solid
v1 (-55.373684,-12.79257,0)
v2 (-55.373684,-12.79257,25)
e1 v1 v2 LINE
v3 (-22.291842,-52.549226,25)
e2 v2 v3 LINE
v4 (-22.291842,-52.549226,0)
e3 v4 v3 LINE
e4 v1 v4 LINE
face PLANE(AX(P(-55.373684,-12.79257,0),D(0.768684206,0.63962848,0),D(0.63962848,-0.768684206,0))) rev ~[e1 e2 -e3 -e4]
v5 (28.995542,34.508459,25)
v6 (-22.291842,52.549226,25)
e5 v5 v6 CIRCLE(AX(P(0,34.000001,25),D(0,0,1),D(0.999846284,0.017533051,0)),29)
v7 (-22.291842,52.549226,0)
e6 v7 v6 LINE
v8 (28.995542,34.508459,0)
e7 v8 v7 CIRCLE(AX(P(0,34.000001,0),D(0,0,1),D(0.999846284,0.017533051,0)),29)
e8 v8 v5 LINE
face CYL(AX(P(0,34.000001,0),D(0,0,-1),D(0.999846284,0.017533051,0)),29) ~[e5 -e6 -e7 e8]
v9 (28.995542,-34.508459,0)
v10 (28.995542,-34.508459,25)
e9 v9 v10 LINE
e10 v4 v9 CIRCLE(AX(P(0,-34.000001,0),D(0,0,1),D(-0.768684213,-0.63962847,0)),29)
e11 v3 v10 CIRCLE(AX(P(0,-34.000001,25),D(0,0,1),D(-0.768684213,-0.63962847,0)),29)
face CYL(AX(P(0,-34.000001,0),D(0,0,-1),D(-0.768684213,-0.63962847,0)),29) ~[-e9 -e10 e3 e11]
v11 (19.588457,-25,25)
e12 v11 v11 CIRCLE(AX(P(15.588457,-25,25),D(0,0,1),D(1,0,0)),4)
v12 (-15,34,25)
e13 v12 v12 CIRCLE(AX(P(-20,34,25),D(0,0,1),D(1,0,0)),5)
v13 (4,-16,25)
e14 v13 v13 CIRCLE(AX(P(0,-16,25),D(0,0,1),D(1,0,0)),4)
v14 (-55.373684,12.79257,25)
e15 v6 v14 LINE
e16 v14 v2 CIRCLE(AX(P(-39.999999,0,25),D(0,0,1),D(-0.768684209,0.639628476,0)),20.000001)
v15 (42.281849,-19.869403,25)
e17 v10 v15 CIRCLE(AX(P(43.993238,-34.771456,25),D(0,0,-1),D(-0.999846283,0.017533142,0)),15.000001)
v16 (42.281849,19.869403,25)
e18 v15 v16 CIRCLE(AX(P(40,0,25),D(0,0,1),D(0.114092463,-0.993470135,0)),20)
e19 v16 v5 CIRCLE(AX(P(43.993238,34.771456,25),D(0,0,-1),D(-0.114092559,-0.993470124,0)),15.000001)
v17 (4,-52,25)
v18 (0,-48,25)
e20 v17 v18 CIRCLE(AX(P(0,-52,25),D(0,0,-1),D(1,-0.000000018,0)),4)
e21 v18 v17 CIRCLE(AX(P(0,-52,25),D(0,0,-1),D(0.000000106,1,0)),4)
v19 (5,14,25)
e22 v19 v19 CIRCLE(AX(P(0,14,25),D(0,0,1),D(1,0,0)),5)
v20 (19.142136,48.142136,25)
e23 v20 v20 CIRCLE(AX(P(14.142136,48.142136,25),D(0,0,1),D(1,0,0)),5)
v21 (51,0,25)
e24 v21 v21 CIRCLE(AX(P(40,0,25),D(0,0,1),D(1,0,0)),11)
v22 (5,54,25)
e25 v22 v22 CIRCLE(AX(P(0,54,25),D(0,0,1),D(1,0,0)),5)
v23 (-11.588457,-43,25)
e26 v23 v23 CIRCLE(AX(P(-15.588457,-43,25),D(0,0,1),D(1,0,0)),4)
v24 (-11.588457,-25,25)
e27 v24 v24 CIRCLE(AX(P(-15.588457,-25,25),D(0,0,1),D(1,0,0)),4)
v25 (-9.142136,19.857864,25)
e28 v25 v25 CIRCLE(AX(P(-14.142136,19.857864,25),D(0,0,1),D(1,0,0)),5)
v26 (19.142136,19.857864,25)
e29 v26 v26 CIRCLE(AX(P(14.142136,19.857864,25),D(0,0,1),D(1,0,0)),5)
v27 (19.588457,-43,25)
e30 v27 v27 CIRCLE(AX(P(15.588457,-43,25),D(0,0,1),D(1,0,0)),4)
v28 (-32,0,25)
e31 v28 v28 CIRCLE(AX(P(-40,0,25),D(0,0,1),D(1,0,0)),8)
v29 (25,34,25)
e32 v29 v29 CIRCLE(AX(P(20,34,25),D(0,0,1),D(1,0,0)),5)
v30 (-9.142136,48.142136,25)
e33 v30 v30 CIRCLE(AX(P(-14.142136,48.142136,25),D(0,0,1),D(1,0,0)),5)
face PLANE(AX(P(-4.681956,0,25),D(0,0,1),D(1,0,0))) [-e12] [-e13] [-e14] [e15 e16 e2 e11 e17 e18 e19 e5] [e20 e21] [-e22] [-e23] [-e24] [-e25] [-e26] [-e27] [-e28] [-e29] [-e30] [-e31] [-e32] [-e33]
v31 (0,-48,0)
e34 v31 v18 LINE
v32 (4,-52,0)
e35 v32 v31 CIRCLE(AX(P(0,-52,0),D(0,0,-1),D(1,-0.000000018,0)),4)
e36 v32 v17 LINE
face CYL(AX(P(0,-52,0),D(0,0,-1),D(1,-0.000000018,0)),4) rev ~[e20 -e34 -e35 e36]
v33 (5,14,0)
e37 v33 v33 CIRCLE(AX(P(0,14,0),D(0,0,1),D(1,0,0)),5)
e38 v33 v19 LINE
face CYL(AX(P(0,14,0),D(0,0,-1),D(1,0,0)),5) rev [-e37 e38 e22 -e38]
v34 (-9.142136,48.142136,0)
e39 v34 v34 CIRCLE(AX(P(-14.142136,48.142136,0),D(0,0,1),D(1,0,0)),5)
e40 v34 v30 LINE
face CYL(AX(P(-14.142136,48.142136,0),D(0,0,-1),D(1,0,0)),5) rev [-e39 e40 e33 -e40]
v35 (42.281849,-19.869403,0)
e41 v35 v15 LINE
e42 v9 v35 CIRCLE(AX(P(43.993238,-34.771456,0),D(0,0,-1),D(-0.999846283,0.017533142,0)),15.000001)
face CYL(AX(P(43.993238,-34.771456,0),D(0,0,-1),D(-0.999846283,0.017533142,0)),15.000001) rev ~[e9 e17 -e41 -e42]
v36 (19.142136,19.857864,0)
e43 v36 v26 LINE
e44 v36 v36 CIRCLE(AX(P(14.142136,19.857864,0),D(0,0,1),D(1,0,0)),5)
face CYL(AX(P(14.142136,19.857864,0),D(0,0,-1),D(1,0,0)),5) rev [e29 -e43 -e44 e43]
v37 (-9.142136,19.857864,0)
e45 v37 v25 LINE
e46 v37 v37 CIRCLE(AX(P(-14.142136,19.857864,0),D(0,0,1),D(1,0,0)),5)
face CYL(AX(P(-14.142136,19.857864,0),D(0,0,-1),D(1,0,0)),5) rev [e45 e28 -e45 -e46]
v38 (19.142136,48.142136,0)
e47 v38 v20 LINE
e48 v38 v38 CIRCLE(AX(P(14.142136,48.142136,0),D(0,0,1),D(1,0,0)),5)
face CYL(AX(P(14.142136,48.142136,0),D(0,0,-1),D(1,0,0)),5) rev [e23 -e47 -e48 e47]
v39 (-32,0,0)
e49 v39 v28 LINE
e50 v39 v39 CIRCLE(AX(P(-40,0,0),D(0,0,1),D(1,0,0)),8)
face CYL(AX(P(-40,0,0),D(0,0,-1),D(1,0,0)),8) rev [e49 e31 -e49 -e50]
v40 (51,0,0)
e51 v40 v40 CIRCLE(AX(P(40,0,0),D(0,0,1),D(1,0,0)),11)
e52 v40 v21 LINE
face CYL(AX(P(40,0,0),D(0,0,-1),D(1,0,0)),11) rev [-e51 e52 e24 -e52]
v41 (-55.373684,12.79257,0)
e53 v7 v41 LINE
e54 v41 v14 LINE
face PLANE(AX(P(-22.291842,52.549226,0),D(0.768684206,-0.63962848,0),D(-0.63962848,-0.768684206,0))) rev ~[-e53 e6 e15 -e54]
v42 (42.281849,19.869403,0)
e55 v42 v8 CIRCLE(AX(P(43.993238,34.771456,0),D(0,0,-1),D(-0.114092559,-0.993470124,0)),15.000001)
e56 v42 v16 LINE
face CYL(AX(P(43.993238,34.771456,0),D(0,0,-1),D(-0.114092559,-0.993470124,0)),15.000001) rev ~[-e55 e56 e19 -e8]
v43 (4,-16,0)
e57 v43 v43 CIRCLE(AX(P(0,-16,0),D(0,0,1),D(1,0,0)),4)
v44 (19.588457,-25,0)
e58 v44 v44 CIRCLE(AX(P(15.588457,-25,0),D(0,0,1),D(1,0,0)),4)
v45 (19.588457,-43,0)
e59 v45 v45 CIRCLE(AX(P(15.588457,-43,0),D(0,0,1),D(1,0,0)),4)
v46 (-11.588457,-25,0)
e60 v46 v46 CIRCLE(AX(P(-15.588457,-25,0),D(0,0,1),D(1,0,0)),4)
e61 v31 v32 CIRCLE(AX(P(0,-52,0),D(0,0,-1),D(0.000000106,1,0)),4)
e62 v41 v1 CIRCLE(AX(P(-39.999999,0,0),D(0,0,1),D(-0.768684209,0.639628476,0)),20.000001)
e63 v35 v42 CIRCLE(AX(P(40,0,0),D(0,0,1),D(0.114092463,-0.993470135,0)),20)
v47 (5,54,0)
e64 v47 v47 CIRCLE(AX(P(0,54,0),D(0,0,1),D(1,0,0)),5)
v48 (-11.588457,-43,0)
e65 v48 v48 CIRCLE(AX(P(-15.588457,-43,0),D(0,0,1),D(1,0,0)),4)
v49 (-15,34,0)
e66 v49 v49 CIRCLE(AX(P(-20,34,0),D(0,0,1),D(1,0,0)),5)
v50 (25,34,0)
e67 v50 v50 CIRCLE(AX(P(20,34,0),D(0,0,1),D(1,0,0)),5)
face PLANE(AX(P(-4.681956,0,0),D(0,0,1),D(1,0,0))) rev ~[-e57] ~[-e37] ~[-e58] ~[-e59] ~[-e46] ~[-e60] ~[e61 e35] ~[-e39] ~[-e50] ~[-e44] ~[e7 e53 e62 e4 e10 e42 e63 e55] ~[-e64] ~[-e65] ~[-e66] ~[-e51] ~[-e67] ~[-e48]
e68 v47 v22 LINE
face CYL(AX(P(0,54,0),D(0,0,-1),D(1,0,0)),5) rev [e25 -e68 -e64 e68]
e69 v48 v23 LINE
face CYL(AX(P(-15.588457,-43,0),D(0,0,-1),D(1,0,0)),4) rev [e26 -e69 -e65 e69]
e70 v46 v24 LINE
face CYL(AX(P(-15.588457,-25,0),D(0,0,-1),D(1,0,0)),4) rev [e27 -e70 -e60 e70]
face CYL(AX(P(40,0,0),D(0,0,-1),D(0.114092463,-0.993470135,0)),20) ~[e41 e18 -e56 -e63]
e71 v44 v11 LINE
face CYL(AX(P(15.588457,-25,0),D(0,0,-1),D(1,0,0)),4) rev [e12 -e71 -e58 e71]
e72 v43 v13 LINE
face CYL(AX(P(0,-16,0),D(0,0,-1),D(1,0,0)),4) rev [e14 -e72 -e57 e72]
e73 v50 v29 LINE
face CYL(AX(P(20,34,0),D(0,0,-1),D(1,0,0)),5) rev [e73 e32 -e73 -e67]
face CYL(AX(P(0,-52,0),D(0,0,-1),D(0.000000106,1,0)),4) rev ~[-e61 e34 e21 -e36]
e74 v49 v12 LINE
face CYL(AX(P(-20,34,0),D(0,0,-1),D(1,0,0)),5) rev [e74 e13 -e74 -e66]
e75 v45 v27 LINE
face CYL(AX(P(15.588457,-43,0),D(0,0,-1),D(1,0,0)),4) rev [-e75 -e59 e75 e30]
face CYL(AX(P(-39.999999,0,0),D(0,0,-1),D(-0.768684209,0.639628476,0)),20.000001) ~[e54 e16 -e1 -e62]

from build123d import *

# Parameters (mm, degrees)
F0_R     = 8
F0_R_2   = 11
F0_R_3   = 4
F0_R_4   = 5
F1_DEPTH = 25


with BuildPart() as f1:
    # F0 (on Top) → F1 (new body)
    with BuildSketch(Plane.XY):
        with BuildLine():
            ThreePointArc((28.995542, 34.508459), (28.998886, 34.254239), (29, 34))
            ThreePointArc((29, 34), (-9.862469, 6.728555), (-22.291842, 52.549226))
            Line((-22.291842, 52.549226), (-55.373684, 12.79257))
            ThreePointArc((-55.373684, 12.79257), (-60, 0), (-55.373684, -12.79257))
            Line((-55.373684, -12.79257), (-22.291842, -52.549226))
            ThreePointArc((-22.291842, -52.549226), (-9.862469, -6.728555), (29, -34))
            ThreePointArc((29, -34), (28.998886, -34.254239), (28.995542, -34.508459))
            ThreePointArc((28.995542, -34.508459), (32.885859, -24.690475), (42.281849, -19.869403))
            ThreePointArc((42.281849, -19.869403), (60, 0), (42.281849, 19.869403))
            ThreePointArc((42.281849, 19.869403), (32.885859, 24.690475), (28.995542, 34.508459))
        make_face()
        with Locations((-40, 0)):
            Circle(F0_R, mode=Mode.SUBTRACT)
        with Locations((40, 0)):
            Circle(F0_R_2, mode=Mode.SUBTRACT)
        with BuildLine():
            ThreePointArc((-22.291842, -52.549226), (9.623005, -61.35686), (28.995542, -34.508459))
            ThreePointArc((28.995542, -34.508459), (28.998886, -34.254239), (29, -34))
            ThreePointArc((29, -34), (-9.862469, -6.728555), (-22.291842, -52.549226))
        make_face()
        with Locations((-15.588457, -43)):
            Circle(F0_R_3, mode=Mode.SUBTRACT)
        with Locations((-15.588457, -25)):
            Circle(F0_R_3, mode=Mode.SUBTRACT)
        with BuildLine():
            ThreePointArc((0, -48), (2.828427, -49.171573), (4, -52))
            ThreePointArc((4, -52), (-2.828427, -54.828427), (0, -48))
        make_face(mode=Mode.SUBTRACT)
        with Locations((15.588457, -43)):
            Circle(F0_R_3, mode=Mode.SUBTRACT)
        with Locations((0, -16)):
            Circle(F0_R_3, mode=Mode.SUBTRACT)
        with Locations((15.588457, -25)):
            Circle(F0_R_3, mode=Mode.SUBTRACT)
        with BuildLine():
            ThreePointArc((-22.291842, 52.549226), (-9.862469, 6.728555), (29, 34))
            ThreePointArc((29, 34), (28.998886, 34.254239), (28.995542, 34.508459))
            ThreePointArc((28.995542, 34.508459), (9.623005, 61.35686), (-22.291842, 52.549226))
        make_face()
        with Locations((-14.142136, 19.857864)):
            Circle(F0_R_4, mode=Mode.SUBTRACT)
        with Locations((-20, 34)):
            Circle(F0_R_4, mode=Mode.SUBTRACT)
        with Locations((-14.142136, 48.142136)):
            Circle(F0_R_4, mode=Mode.SUBTRACT)
        with Locations((0, 14)):
            Circle(F0_R_4, mode=Mode.SUBTRACT)
        with Locations((14.142136, 19.857864)):
            Circle(F0_R_4, mode=Mode.SUBTRACT)
        with Locations((20, 34)):
            Circle(F0_R_4, mode=Mode.SUBTRACT)
        with Locations((0, 54)):
            Circle(F0_R_4, mode=Mode.SUBTRACT)
        with Locations((14.142136, 48.142136)):
            Circle(F0_R_4, mode=Mode.SUBTRACT)
    extrude(amount=F1_DEPTH)


solid = f1.part
